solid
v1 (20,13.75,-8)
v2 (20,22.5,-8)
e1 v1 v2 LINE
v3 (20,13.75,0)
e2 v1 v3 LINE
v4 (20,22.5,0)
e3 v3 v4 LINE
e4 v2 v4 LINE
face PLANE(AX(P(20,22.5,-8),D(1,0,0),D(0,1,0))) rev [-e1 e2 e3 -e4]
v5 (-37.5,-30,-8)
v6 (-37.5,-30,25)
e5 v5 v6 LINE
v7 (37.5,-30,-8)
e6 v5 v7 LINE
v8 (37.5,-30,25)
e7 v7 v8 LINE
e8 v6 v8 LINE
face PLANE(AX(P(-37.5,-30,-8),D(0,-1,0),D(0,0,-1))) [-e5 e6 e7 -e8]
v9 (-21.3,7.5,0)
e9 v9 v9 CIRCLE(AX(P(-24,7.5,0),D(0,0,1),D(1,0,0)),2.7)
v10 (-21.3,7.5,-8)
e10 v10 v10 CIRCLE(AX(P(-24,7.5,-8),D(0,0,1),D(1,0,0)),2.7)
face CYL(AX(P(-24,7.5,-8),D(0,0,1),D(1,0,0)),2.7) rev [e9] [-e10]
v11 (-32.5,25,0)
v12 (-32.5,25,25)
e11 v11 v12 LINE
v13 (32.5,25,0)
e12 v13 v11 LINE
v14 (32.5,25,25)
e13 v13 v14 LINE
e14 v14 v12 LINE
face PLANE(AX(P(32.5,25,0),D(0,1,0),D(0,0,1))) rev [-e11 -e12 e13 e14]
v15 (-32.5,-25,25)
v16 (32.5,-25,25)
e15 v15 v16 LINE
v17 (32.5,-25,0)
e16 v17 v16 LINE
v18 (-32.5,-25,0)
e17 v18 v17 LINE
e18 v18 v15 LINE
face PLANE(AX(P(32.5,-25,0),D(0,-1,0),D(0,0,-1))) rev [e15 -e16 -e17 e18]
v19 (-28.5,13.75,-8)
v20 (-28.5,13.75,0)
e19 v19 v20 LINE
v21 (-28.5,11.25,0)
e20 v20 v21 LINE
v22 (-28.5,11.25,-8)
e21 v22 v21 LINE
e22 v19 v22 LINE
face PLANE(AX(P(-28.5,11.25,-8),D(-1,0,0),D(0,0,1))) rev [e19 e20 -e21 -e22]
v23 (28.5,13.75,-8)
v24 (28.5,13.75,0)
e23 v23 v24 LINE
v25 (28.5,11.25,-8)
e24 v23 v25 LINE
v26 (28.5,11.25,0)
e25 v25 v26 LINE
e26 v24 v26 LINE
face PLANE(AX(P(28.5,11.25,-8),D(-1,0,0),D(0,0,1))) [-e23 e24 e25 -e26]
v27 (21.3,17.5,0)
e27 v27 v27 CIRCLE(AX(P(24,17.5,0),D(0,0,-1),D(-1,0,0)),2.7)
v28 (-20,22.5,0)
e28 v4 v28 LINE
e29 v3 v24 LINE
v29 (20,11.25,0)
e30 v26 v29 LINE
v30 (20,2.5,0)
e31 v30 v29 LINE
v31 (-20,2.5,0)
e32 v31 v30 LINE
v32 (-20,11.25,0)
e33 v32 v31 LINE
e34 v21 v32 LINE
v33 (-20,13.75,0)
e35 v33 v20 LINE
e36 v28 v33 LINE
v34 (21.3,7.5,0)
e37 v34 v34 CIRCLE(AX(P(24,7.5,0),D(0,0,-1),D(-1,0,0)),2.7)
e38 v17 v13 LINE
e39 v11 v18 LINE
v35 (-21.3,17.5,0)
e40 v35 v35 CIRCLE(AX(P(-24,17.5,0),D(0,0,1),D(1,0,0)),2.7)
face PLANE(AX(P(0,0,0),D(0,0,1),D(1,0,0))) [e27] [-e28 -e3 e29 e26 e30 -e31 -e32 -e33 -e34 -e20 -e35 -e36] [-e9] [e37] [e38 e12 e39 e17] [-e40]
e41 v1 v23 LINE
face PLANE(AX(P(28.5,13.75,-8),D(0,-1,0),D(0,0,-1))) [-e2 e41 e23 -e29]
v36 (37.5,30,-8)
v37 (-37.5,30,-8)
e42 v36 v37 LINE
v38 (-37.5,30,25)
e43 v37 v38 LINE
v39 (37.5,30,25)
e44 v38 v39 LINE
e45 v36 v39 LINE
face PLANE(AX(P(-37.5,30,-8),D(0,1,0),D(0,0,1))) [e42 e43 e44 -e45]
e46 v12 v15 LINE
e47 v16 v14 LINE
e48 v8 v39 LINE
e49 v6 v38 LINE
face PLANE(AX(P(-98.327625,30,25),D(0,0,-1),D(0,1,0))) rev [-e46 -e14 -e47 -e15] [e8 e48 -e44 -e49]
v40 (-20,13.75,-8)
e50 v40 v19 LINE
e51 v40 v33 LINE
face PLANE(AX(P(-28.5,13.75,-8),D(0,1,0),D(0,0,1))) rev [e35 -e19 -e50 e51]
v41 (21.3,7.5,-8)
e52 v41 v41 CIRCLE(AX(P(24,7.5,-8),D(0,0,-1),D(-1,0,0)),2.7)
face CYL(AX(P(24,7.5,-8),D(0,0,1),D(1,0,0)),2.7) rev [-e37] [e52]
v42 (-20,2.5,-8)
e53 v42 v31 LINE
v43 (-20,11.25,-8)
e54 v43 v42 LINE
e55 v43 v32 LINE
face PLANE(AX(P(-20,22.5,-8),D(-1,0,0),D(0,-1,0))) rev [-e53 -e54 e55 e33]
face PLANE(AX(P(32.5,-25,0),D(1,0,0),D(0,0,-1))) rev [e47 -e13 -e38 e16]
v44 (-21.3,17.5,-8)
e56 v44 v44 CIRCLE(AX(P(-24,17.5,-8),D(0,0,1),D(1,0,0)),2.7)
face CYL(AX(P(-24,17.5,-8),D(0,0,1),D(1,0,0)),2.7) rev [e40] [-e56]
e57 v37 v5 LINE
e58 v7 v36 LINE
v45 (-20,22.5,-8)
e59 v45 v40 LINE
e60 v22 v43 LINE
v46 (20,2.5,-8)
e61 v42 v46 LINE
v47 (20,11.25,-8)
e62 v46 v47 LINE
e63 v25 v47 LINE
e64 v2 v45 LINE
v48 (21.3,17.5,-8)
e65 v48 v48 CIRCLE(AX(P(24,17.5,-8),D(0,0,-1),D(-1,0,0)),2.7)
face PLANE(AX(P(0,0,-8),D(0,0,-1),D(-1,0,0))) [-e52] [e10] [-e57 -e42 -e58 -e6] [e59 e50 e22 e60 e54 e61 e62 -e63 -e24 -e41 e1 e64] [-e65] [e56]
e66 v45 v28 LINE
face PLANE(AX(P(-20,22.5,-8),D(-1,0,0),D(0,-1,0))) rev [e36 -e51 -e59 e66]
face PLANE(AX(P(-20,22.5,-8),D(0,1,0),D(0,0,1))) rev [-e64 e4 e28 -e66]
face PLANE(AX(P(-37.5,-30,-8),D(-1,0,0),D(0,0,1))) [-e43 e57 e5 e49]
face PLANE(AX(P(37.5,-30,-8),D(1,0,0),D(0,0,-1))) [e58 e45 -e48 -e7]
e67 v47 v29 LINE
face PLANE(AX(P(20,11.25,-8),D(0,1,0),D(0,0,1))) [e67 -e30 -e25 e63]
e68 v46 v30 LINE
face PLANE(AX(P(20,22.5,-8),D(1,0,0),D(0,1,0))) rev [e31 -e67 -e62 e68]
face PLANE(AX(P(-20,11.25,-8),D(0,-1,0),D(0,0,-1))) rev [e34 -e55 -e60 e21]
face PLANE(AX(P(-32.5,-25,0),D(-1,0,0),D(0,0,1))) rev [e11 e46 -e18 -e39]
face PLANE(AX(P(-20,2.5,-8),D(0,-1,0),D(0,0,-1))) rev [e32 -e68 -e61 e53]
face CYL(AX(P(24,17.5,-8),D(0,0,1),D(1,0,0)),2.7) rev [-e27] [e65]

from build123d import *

# Parameters (mm, degrees)
ESQUISSE1_W             = 75
ESQUISSE1_H             = 60
BOSS_EXTRU_1_DEPTH      = 8
ESQUISSE2_W             = 40
ESQUISSE2_H             = 20
ENL_V_MAT_EXTRU_1_DEPTH = 8
ESQUISSE3_W             = 8.5
ESQUISSE3_H             = 2.5
ENL_V_MAT_EXTRU_2_DEPTH = 8
ESQUISSE4_R             = 2.7
ENL_V_MAT_EXTRU_3_DEPTH = 49.685213361
ESQUISSE6_W             = 75
ESQUISSE6_H             = 60
BOSS_EXTRU_2_DEPTH      = 35
ESQUISSE7_W             = 65
ESQUISSE7_H             = 50
ENL_V_MAT_EXTRU_4_DEPTH = 35
CUT_EXTRUDE1_REACH      = 90.034
SKETCH1_W               = 10
SKETCH1_H               = 60


with BuildPart() as part:
    # Esquisse1 → Boss.-Extru.1 (new body)
    with BuildSketch(Plane.XY):
        Rectangle(ESQUISSE1_W, ESQUISSE1_H)
    extrude(amount=-BOSS_EXTRU_1_DEPTH)

    # Esquisse2 → Enlèv. mat.-Extru.1 (cut)
    with BuildSketch(Plane.XY):
        with Locations((0, 12.5)):
            Rectangle(ESQUISSE2_W, ESQUISSE2_H)
    extrude(amount=-ENL_V_MAT_EXTRU_1_DEPTH, mode=Mode.SUBTRACT)

    # Esquisse3 → Enlèv. mat.-Extru.2 (cut)
    with BuildSketch(Plane.XY):
        with Locations((-24.25, 12.5)):
            Rectangle(ESQUISSE3_W, ESQUISSE3_H)
    enl_v_mat_extru_2 = extrude(amount=-ENL_V_MAT_EXTRU_2_DEPTH, mode=Mode.SUBTRACT)

    # Esquisse4 → Enlèv. mat.-Extru.3 (cut, through all)
    with BuildSketch(Plane.XY):
        with Locations((-24, 17.5)):
            Circle(ESQUISSE4_R)
        with Locations((-24, 7.5)):
            Circle(ESQUISSE4_R)
    enl_v_mat_extru_3 = extrude(amount=-ENL_V_MAT_EXTRU_3_DEPTH, mode=Mode.SUBTRACT)

    # Symétrie2: Enlèv. mat.-Extru.2, Enlèv. mat.-Extru.3 across plane
    add(enl_v_mat_extru_2.mirror(Plane(origin=(0, 0, 0), x_dir=(0, 0, 1), z_dir=(1, 0, 0))), mode=Mode.SUBTRACT)
    add(enl_v_mat_extru_3.mirror(Plane(origin=(0, 0, 0), x_dir=(0, 0, 1), z_dir=(1, 0, 0))), mode=Mode.SUBTRACT)

    # Esquisse6 → Boss.-Extru.2 (add)
    with BuildSketch(Plane.XY):
        Rectangle(ESQUISSE6_W, ESQUISSE6_H)
    extrude(amount=BOSS_EXTRU_2_DEPTH)

    # Esquisse7 → Enlèv. mat.-Extru.4 (cut)
    with BuildSketch(Plane.XY.offset(35)):
        Rectangle(ESQUISSE7_W, ESQUISSE7_H)
    extrude(amount=-ENL_V_MAT_EXTRU_4_DEPTH, mode=Mode.SUBTRACT)

    # Cut-Extrude1: up to this face of the body (flat: up to its plane)
    cut_extrude1_end = Plane(part.part.faces().sort_by_distance((-37.5, 0, 13.5))[0])
    # Sketch1 → Cut-Extrude1 (cut, up to the picked face)
    with BuildSketch(Plane(origin=(37.5, 0, 0), x_dir=(0, 0, -1), z_dir=(1, 0, 0)), mode=Mode.PRIVATE) as cut_extrude1_sk1:
        with Locations((-30, 0)):
            Rectangle(SKETCH1_W, SKETCH1_H)
    cut_extrude1_tool1 = split(extrude(cut_extrude1_sk1.sketch, amount=-CUT_EXTRUDE1_REACH, mode=Mode.PRIVATE), bisect_by=cut_extrude1_end, keep=Keep.BOTH, mode=Mode.PRIVATE)
    add(cut_extrude1_tool1.solids().sort_by(Axis((37.5, 0, 30), (-1, 0, 0)))[0], mode=Mode.SUBTRACT)


solid = part.part
